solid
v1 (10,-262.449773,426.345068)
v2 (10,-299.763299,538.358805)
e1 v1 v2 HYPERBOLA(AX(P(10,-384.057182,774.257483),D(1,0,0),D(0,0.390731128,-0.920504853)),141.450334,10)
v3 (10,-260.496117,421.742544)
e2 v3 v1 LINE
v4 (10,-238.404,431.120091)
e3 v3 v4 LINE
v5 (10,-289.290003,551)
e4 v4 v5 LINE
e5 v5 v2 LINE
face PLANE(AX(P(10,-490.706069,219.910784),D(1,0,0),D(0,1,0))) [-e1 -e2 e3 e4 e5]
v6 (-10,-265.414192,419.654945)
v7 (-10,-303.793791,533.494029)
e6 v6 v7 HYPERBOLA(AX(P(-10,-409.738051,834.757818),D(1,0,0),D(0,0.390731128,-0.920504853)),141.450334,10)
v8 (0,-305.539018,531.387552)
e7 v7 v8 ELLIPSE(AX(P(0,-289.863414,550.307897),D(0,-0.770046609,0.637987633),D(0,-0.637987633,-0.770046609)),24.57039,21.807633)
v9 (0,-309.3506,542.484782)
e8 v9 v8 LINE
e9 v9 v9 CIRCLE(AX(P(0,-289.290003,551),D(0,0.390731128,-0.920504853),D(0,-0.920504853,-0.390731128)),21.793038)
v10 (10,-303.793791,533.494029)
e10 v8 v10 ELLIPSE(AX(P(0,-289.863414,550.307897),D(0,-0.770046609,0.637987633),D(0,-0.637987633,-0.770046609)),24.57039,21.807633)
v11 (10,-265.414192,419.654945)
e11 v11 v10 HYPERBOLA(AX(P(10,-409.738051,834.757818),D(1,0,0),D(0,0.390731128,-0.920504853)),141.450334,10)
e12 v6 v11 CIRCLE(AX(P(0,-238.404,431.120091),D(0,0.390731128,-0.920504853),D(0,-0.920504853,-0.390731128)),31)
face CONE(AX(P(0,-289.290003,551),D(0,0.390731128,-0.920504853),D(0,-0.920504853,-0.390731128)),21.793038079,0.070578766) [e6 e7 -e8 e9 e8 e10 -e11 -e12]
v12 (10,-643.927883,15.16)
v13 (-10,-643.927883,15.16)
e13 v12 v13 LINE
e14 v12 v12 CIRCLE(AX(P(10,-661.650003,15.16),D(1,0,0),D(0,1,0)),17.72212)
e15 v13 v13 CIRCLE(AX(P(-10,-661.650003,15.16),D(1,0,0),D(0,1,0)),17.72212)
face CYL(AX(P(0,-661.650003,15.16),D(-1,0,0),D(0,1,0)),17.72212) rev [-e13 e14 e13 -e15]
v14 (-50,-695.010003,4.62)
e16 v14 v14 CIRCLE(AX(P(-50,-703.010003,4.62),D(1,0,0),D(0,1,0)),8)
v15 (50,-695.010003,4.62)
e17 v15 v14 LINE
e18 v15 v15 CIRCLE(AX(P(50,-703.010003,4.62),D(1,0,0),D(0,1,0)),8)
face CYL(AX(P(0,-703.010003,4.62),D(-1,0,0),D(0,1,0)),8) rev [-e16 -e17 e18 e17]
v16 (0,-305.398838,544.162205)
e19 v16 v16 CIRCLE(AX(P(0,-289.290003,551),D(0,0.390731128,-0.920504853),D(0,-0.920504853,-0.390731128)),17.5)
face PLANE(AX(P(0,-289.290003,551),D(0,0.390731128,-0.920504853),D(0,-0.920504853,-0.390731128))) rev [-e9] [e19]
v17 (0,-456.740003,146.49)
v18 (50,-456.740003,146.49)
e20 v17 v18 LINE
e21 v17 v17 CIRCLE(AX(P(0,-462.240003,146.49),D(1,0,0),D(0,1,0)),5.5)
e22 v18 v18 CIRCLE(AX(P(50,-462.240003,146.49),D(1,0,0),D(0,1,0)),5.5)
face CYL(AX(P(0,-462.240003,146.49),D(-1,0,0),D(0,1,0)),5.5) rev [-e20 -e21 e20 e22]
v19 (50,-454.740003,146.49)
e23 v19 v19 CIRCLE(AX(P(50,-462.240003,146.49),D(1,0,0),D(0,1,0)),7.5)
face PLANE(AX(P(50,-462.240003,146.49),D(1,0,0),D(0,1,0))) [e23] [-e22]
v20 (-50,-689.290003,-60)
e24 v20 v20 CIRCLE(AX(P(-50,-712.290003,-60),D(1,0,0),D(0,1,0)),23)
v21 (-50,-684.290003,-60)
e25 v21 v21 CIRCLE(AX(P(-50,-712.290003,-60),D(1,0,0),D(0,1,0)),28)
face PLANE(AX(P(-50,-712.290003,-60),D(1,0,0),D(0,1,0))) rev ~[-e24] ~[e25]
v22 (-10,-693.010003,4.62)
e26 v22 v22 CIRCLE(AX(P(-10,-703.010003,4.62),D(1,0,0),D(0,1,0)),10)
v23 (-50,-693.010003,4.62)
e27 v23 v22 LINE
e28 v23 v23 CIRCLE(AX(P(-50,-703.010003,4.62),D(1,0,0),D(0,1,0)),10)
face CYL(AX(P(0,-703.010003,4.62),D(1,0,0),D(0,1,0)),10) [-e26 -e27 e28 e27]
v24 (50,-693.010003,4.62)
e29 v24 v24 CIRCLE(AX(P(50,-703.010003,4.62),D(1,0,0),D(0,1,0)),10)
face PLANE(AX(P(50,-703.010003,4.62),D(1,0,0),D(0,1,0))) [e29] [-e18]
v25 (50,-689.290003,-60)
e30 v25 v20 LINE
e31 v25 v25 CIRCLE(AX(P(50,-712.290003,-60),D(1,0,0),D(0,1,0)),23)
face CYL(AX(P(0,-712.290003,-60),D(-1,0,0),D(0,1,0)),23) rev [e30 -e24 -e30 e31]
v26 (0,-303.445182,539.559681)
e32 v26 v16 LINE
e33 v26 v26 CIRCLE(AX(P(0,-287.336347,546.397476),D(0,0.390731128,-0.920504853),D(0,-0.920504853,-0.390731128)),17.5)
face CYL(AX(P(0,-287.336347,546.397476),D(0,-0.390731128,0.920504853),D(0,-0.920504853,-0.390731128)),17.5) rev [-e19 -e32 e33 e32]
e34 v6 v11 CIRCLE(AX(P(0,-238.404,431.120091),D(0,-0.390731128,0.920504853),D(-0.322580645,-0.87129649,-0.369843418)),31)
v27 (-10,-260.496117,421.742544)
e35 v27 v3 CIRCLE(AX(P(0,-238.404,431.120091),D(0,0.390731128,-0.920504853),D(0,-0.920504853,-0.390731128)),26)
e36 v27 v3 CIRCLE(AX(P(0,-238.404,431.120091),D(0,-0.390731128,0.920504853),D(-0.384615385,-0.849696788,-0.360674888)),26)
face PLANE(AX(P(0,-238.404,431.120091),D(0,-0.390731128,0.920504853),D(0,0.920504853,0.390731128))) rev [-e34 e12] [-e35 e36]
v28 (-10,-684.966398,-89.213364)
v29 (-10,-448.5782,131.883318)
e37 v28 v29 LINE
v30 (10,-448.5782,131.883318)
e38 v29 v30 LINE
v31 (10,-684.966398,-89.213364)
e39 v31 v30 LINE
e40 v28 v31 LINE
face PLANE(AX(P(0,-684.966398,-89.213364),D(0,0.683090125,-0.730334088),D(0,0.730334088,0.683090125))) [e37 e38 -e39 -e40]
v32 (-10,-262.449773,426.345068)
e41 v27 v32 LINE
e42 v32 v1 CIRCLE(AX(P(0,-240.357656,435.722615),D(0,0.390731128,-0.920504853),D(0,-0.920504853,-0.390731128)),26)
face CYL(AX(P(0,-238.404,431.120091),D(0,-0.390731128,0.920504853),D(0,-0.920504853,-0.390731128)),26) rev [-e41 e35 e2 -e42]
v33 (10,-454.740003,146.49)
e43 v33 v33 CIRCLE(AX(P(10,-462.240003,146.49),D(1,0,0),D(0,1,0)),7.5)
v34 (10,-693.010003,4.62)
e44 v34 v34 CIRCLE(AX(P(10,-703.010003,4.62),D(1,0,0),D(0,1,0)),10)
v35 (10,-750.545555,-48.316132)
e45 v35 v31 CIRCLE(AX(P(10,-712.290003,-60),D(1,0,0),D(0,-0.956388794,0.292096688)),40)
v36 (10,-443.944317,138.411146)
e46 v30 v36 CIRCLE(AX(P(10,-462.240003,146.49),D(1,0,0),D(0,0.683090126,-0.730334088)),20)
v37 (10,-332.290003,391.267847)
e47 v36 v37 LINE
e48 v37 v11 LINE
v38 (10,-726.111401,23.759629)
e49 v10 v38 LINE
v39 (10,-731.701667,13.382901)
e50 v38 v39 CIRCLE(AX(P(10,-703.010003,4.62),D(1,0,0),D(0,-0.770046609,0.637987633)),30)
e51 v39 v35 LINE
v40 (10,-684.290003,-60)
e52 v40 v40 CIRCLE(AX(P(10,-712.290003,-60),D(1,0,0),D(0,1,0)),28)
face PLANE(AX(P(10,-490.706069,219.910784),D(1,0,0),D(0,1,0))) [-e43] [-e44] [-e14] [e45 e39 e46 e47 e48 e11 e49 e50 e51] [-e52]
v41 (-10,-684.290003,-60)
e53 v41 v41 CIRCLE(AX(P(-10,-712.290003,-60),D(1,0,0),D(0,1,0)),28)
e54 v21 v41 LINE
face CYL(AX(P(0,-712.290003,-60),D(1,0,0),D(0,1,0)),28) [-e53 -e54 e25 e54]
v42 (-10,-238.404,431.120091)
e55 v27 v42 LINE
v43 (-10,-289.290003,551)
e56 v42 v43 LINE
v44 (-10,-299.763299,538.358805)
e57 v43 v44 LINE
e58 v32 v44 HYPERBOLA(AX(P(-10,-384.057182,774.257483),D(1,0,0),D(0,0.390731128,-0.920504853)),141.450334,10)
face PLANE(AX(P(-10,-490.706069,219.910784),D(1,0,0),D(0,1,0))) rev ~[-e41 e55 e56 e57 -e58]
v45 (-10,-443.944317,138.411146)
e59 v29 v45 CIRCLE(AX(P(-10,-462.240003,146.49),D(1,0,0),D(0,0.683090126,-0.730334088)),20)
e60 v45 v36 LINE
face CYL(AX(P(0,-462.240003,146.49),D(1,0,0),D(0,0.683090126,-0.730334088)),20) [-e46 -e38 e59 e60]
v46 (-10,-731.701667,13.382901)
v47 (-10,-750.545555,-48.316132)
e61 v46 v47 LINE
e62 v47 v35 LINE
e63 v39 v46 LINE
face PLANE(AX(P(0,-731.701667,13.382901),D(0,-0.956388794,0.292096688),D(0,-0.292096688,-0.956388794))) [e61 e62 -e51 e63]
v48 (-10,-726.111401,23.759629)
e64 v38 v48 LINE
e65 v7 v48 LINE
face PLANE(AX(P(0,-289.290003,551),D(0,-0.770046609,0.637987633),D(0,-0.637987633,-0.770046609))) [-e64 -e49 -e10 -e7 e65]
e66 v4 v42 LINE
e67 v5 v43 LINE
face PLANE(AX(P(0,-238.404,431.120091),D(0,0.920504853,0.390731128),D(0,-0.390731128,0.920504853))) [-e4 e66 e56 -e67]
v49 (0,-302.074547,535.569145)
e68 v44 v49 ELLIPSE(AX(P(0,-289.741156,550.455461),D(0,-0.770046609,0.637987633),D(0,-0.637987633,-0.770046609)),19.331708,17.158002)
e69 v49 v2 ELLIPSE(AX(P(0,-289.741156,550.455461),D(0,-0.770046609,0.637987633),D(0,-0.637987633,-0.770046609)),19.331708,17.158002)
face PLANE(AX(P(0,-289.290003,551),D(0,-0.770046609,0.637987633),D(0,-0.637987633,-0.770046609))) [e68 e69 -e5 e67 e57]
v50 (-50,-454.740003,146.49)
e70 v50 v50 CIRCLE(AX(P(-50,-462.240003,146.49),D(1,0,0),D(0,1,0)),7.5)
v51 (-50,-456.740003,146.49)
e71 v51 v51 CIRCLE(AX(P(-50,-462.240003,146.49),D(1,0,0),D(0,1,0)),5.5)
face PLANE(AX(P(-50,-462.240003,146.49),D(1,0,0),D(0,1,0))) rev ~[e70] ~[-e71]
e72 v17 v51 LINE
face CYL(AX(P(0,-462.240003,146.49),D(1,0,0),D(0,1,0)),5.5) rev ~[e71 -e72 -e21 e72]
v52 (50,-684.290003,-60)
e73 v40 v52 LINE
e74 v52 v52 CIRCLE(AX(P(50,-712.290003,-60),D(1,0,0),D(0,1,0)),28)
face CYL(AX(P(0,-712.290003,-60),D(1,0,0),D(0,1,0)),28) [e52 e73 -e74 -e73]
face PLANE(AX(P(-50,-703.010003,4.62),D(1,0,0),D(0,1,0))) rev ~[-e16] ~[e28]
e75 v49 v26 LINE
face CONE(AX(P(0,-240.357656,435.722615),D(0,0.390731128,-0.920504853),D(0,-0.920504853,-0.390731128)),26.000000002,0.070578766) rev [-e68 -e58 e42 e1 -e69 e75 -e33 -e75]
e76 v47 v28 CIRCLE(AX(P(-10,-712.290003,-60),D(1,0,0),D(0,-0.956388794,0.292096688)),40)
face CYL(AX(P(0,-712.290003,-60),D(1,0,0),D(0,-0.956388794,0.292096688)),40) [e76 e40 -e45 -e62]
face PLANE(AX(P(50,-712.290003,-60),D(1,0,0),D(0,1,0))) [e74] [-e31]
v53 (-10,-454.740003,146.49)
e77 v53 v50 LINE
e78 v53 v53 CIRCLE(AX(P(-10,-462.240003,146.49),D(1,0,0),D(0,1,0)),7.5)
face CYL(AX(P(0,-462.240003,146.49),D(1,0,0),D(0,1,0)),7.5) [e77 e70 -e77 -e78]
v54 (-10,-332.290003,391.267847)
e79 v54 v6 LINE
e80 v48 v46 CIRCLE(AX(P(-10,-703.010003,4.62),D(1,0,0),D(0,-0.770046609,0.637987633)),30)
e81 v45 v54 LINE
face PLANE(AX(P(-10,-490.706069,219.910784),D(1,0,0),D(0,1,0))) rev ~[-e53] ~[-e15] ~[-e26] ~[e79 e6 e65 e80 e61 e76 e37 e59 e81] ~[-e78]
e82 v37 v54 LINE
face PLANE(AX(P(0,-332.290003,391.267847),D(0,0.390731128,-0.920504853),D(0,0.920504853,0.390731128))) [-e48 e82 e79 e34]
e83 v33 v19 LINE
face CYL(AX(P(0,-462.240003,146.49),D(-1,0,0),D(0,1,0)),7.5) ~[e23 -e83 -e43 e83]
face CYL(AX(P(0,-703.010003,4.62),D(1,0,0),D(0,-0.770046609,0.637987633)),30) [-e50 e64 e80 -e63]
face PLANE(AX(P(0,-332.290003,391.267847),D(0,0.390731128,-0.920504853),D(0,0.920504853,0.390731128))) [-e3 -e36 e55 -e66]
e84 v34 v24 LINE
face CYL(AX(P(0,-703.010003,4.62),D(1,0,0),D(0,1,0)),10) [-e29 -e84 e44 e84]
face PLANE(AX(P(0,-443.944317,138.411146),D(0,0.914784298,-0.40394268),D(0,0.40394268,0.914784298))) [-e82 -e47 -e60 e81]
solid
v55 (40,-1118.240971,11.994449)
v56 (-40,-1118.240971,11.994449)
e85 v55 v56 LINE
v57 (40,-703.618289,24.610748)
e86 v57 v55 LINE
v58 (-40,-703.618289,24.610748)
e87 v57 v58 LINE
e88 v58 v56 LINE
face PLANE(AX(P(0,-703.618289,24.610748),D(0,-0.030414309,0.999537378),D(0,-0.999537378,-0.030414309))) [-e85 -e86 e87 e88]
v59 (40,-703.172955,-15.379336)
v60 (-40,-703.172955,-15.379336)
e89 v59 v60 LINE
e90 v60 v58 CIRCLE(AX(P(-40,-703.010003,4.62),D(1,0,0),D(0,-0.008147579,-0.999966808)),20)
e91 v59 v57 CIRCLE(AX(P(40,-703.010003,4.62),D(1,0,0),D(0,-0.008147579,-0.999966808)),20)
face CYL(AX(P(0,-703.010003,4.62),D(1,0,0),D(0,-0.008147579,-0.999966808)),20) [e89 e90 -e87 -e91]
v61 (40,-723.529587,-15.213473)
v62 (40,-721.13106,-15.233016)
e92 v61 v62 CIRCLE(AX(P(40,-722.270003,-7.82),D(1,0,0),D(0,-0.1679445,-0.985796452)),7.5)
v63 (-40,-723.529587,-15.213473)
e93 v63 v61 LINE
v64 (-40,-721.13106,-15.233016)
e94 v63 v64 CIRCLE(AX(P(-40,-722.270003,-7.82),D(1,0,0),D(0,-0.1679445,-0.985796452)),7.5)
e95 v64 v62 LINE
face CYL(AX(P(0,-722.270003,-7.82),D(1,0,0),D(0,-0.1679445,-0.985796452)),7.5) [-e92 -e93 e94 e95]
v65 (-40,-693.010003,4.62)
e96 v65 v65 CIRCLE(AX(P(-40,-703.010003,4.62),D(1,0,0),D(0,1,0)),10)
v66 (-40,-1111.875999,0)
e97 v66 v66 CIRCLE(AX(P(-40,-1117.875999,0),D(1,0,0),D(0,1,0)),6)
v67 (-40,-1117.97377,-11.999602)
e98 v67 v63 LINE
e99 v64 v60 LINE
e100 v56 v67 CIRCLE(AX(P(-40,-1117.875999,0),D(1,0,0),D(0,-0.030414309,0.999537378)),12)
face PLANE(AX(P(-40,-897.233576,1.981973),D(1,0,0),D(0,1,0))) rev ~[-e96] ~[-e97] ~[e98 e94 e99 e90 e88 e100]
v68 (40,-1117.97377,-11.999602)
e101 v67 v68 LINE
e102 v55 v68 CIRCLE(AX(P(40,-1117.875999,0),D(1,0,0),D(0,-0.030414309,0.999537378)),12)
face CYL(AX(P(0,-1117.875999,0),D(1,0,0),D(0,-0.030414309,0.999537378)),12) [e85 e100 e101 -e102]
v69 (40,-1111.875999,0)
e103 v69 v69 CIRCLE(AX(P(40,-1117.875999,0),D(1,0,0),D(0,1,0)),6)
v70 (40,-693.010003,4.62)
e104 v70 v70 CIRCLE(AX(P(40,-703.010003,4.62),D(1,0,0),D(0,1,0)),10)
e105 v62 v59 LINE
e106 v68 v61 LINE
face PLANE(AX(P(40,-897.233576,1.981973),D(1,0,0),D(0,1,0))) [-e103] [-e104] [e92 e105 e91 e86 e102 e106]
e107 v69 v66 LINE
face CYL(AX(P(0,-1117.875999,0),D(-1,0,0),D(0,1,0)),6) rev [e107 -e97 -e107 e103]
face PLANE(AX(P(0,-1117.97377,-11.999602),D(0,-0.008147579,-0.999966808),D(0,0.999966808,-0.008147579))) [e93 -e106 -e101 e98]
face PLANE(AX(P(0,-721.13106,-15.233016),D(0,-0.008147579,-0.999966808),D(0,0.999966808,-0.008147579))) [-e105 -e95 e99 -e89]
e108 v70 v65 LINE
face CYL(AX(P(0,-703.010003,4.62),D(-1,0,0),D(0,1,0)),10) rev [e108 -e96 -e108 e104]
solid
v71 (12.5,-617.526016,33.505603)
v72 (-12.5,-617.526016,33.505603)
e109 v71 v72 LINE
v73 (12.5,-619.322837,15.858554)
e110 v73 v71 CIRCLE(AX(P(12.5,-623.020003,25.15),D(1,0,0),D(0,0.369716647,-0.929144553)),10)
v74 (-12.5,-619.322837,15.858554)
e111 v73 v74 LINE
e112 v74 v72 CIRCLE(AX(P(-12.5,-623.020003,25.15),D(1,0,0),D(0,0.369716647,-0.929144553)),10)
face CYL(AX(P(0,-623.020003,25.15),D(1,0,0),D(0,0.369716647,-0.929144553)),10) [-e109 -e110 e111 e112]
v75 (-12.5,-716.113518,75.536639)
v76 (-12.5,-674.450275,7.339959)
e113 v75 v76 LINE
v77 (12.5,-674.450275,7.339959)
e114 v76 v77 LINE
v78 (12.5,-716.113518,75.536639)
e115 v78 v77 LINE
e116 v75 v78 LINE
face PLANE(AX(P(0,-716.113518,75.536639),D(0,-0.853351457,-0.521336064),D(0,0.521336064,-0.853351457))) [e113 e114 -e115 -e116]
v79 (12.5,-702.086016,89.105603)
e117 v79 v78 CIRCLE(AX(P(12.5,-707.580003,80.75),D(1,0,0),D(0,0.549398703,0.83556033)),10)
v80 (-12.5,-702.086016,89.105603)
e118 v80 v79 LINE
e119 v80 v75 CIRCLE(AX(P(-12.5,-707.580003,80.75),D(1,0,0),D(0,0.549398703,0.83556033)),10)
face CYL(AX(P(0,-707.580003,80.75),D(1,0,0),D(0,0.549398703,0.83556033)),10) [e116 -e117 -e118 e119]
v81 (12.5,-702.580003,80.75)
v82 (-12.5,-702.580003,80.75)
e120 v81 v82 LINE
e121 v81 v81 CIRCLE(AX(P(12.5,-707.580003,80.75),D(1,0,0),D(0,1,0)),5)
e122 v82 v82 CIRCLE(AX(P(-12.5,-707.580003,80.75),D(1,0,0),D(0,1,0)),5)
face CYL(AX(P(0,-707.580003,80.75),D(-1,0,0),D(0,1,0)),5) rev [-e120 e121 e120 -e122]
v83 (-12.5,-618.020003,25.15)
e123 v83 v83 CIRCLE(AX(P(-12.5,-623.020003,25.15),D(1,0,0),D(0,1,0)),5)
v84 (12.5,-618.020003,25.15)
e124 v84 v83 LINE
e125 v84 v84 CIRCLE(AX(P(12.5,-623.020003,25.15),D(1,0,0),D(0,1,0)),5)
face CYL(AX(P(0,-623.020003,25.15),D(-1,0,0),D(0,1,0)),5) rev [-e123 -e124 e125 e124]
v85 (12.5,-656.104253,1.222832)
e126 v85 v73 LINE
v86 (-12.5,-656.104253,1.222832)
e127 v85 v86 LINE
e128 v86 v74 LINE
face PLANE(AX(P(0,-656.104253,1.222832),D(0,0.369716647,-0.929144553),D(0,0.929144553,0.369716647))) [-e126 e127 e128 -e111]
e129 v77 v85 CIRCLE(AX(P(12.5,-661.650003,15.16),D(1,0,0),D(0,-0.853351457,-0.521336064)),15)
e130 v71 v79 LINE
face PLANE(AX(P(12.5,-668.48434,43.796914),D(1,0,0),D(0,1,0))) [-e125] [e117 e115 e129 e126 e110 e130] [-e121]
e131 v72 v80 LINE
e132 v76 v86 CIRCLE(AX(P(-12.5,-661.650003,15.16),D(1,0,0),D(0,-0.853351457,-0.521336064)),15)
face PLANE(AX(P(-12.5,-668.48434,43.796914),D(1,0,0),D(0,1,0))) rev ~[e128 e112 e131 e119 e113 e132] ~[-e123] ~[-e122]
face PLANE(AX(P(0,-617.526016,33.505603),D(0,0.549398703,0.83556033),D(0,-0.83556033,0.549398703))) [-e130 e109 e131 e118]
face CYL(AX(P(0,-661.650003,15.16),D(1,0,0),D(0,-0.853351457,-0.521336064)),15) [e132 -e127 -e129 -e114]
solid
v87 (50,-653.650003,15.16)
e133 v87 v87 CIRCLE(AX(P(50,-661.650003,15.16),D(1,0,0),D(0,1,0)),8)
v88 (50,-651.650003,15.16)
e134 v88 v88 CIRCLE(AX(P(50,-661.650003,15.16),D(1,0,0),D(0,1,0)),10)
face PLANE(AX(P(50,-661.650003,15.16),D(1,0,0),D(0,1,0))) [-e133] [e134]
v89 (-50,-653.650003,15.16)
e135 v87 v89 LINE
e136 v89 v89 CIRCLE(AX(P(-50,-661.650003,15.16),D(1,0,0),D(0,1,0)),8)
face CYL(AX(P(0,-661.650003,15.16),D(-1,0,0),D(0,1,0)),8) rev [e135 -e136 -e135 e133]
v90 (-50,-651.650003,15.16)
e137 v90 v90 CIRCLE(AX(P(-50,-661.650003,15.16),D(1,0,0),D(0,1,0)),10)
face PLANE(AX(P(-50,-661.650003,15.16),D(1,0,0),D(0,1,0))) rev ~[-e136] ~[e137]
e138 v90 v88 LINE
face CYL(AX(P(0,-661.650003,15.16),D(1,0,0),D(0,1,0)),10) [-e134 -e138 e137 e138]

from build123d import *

# Parameters (mm, degrees)
F3_R      = 28
F3_R_2    = 23
F4_DEPTH  = 50
F6_R      = 28
F6_R_2    = 10
F6_R_3    = 17.7221202457
F6_R_4    = 7.5
F7_DEPTH  = 10
F8_R      = 7.5
F8_R_2    = 5.5
F8_R_3    = 10
F8_R_4    = 8
F9_DEPTH  = 50
F10_R     = 6
F10_R_2   = 10
F11_DEPTH = 40
F12_R     = 5
F13_DEPTH = 12.5


with BuildPart() as f2:
    # F1 (on Right) → F2 (revolve)
    with BuildSketch(Plane.YZ):
        Polygon((-266.9396509428, 419.0074256556), (-262.3371266756, 420.961081298), (-264.290782318, 425.5636055653), (-303.4451822721, 539.5596809842), (-305.3988379146, 544.1622052514), (-309.3506002996, 542.4847816393), align=None)
    revolve(axis=Axis((0, -167.686068361, 264.5190829362), (0, 0.3907311285, -0.9205048535)))



with BuildPart() as f4:
    # F3 (on Right) → F4 (new body, symmetric)
    with BuildSketch(Plane.YZ):
        with Locations((-712.2900029792, -60)):
            Circle(F3_R)
        with Locations((-712.2900029792, -60)):
            Circle(F3_R_2, mode=Mode.SUBTRACT)
    extrude(amount=F4_DEPTH, both=True)


with BuildPart() as f2_1:
    add(f2.part)

    add(f4.part)  # F7 merges F4
    # F6 (on Right) → F7 (join, symmetric)
    with BuildSketch(Plane.YZ):
        with BuildLine():
            Line((-731.7016667887, 13.3829006523), (-750.5455547252, -48.3161324636))
            ThreePointArc((-750.5455547252, -48.3161324636), (-733.4565506907, -93.9407904737), (-684.9663979592, -89.2133635296))
            Line((-684.9663979592, -89.2133635296), (-448.5782004692, 131.8833182352))
            ThreePointArc((-448.5782004692, 131.8833182352), (-445.9313119715, 134.9130143122), (-443.9443170247, 138.4111464022))
            Line((-443.9443170247, 138.4111464022), (-332.2900029792, 391.2678469857))
            Line((-332.2900029792, 391.2678469857), (-238.4040004858, 431.1200906387))
            Line((-238.4040004858, 431.1200906387), (-289.2900029792, 551))
            Line((-289.2900029792, 551), (-726.1114012461, 23.7596289963))
            ThreePointArc((-726.1114012461, 23.7596289963), (-729.4211643053, 18.8485121291), (-731.7016667887, 13.3829006523))
        make_face()
        with Locations((-712.2900029792, -60)):
            Circle(F6_R, mode=Mode.SUBTRACT)
        with Locations((-703.0100029792, 4.62)):
            Circle(F6_R_2, mode=Mode.SUBTRACT)
        with Locations((-661.6500029792, 15.16)):
            Circle(F6_R_3, mode=Mode.SUBTRACT)
        with Locations((-462.2400029792, 146.49)):
            Circle(F6_R_4, mode=Mode.SUBTRACT)
    extrude(amount=F7_DEPTH, both=True)

    # F8 (on Right) → F9 (join, symmetric)
    with BuildSketch(Plane.YZ):
        with Locations((-462.2400029792, 146.49)):
            Circle(F8_R)
        with Locations((-462.2400029792, 146.49)):
            Circle(F8_R_2, mode=Mode.SUBTRACT)
        with Locations((-703.0100029792, 4.62)):
            Circle(F8_R_3)
        with Locations((-703.0100029792, 4.62)):
            Circle(F8_R_4, mode=Mode.SUBTRACT)
    extrude(amount=F9_DEPTH, both=True)


with BuildPart() as f9:
    # F8 (on Right) → F9, piece 2 (new body, symmetric)
    with BuildSketch(Plane.YZ):
        with Locations((-661.6500029792, 15.16)):
            Circle(F8_R_3)
        with Locations((-661.6500029792, 15.16)):
            Circle(F8_R_4, mode=Mode.SUBTRACT)
    extrude(amount=F9_DEPTH, both=True)


with BuildPart() as f11:
    # F10 (on Right) → F11 (new body, symmetric)
    with BuildSketch(Plane.YZ):
        with BuildLine():
            ThreePointArc((-1118.2409705034, 11.9944485346), (-1129.875254782, -0.1336252265), (-1117.9737697369, -11.9996016952))
            Line((-1117.9737697369, -11.9996016952), (-723.5295867281, -15.2134733907))
            ThreePointArc((-723.5295867281, -15.2134733907), (-727.1075189679, -2.0886442216), (-714.7700029792, -7.82))
            ThreePointArc((-714.7700029792, -7.82), (-716.5782514785, -12.7040520938), (-721.1310602738, -15.2330162224))
            Line((-721.1310602738, -15.2330162224), (-703.172954553, -15.3793361586))
            ThreePointArc((-703.172954553, -15.3793361586), (-683.0112429969, 4.8427087109), (-703.6182891638, 24.6107475577))
            Line((-703.6182891638, 24.6107475577), (-1118.2409705034, 11.9944485346))
        make_face()
        with Locations((-1117.8759987926, 0)):
            Circle(F10_R, mode=Mode.SUBTRACT)
        with Locations((-703.0100029792, 4.62)):
            Circle(F10_R_2, mode=Mode.SUBTRACT)
        with BuildLine():
            ThreePointArc((-714.7700029792, -7.82), (-727.1075189679, -2.0886442216), (-723.5295867281, -15.2134733907))
            Line((-723.5295867281, -15.2134733907), (-721.1310602738, -15.2330162224))
            ThreePointArc((-721.1310602738, -15.2330162224), (-716.5782514785, -12.7040520938), (-714.7700029792, -7.82))
        make_face()
        with BuildLine():
            Line((-721.1310602738, -15.2330162224), (-723.5295867281, -15.2134733907))
            ThreePointArc((-723.5295867281, -15.2134733907), (-722.3311098193, -15.3197510595), (-721.1310602738, -15.2330162224))
        make_face()
    extrude(amount=F11_DEPTH, both=True)


with BuildPart() as f13:
    # F12 (on Right) → F13 (new body, symmetric)
    with BuildSketch(Plane.YZ):
        with BuildLine():
            Line((-617.5260159471, 33.5056032991), (-702.0860159471, 89.1056032991))
            ThreePointArc((-702.0860159471, 89.1056032991), (-714.5326195713, 87.9375672187), (-716.1135175471, 75.5366393642))
            Line((-716.1135175471, 75.5366393642), (-674.450274831, 7.3399590463))
            ThreePointArc((-674.450274831, 7.3399590463), (-666.3946667831, 0.9301663612), (-656.1042532693, 1.2228317024))
            Line((-656.1042532693, 1.2228317024), (-619.3228365059, 15.8585544683))
            ThreePointArc((-619.3228365059, 15.8585544683), (-613.0714398267, 24.1370384009), (-617.5260159471, 33.5056032991))
        make_face()
        with Locations((-623.0200029792, 25.15)):
            Circle(F12_R, mode=Mode.SUBTRACT)
        with Locations((-707.5800029792, 80.75)):
            Circle(F12_R, mode=Mode.SUBTRACT)
    extrude(amount=F13_DEPTH, both=True)


solid = Compound([f2_1.part, f9.part, f11.part, f13.part])
